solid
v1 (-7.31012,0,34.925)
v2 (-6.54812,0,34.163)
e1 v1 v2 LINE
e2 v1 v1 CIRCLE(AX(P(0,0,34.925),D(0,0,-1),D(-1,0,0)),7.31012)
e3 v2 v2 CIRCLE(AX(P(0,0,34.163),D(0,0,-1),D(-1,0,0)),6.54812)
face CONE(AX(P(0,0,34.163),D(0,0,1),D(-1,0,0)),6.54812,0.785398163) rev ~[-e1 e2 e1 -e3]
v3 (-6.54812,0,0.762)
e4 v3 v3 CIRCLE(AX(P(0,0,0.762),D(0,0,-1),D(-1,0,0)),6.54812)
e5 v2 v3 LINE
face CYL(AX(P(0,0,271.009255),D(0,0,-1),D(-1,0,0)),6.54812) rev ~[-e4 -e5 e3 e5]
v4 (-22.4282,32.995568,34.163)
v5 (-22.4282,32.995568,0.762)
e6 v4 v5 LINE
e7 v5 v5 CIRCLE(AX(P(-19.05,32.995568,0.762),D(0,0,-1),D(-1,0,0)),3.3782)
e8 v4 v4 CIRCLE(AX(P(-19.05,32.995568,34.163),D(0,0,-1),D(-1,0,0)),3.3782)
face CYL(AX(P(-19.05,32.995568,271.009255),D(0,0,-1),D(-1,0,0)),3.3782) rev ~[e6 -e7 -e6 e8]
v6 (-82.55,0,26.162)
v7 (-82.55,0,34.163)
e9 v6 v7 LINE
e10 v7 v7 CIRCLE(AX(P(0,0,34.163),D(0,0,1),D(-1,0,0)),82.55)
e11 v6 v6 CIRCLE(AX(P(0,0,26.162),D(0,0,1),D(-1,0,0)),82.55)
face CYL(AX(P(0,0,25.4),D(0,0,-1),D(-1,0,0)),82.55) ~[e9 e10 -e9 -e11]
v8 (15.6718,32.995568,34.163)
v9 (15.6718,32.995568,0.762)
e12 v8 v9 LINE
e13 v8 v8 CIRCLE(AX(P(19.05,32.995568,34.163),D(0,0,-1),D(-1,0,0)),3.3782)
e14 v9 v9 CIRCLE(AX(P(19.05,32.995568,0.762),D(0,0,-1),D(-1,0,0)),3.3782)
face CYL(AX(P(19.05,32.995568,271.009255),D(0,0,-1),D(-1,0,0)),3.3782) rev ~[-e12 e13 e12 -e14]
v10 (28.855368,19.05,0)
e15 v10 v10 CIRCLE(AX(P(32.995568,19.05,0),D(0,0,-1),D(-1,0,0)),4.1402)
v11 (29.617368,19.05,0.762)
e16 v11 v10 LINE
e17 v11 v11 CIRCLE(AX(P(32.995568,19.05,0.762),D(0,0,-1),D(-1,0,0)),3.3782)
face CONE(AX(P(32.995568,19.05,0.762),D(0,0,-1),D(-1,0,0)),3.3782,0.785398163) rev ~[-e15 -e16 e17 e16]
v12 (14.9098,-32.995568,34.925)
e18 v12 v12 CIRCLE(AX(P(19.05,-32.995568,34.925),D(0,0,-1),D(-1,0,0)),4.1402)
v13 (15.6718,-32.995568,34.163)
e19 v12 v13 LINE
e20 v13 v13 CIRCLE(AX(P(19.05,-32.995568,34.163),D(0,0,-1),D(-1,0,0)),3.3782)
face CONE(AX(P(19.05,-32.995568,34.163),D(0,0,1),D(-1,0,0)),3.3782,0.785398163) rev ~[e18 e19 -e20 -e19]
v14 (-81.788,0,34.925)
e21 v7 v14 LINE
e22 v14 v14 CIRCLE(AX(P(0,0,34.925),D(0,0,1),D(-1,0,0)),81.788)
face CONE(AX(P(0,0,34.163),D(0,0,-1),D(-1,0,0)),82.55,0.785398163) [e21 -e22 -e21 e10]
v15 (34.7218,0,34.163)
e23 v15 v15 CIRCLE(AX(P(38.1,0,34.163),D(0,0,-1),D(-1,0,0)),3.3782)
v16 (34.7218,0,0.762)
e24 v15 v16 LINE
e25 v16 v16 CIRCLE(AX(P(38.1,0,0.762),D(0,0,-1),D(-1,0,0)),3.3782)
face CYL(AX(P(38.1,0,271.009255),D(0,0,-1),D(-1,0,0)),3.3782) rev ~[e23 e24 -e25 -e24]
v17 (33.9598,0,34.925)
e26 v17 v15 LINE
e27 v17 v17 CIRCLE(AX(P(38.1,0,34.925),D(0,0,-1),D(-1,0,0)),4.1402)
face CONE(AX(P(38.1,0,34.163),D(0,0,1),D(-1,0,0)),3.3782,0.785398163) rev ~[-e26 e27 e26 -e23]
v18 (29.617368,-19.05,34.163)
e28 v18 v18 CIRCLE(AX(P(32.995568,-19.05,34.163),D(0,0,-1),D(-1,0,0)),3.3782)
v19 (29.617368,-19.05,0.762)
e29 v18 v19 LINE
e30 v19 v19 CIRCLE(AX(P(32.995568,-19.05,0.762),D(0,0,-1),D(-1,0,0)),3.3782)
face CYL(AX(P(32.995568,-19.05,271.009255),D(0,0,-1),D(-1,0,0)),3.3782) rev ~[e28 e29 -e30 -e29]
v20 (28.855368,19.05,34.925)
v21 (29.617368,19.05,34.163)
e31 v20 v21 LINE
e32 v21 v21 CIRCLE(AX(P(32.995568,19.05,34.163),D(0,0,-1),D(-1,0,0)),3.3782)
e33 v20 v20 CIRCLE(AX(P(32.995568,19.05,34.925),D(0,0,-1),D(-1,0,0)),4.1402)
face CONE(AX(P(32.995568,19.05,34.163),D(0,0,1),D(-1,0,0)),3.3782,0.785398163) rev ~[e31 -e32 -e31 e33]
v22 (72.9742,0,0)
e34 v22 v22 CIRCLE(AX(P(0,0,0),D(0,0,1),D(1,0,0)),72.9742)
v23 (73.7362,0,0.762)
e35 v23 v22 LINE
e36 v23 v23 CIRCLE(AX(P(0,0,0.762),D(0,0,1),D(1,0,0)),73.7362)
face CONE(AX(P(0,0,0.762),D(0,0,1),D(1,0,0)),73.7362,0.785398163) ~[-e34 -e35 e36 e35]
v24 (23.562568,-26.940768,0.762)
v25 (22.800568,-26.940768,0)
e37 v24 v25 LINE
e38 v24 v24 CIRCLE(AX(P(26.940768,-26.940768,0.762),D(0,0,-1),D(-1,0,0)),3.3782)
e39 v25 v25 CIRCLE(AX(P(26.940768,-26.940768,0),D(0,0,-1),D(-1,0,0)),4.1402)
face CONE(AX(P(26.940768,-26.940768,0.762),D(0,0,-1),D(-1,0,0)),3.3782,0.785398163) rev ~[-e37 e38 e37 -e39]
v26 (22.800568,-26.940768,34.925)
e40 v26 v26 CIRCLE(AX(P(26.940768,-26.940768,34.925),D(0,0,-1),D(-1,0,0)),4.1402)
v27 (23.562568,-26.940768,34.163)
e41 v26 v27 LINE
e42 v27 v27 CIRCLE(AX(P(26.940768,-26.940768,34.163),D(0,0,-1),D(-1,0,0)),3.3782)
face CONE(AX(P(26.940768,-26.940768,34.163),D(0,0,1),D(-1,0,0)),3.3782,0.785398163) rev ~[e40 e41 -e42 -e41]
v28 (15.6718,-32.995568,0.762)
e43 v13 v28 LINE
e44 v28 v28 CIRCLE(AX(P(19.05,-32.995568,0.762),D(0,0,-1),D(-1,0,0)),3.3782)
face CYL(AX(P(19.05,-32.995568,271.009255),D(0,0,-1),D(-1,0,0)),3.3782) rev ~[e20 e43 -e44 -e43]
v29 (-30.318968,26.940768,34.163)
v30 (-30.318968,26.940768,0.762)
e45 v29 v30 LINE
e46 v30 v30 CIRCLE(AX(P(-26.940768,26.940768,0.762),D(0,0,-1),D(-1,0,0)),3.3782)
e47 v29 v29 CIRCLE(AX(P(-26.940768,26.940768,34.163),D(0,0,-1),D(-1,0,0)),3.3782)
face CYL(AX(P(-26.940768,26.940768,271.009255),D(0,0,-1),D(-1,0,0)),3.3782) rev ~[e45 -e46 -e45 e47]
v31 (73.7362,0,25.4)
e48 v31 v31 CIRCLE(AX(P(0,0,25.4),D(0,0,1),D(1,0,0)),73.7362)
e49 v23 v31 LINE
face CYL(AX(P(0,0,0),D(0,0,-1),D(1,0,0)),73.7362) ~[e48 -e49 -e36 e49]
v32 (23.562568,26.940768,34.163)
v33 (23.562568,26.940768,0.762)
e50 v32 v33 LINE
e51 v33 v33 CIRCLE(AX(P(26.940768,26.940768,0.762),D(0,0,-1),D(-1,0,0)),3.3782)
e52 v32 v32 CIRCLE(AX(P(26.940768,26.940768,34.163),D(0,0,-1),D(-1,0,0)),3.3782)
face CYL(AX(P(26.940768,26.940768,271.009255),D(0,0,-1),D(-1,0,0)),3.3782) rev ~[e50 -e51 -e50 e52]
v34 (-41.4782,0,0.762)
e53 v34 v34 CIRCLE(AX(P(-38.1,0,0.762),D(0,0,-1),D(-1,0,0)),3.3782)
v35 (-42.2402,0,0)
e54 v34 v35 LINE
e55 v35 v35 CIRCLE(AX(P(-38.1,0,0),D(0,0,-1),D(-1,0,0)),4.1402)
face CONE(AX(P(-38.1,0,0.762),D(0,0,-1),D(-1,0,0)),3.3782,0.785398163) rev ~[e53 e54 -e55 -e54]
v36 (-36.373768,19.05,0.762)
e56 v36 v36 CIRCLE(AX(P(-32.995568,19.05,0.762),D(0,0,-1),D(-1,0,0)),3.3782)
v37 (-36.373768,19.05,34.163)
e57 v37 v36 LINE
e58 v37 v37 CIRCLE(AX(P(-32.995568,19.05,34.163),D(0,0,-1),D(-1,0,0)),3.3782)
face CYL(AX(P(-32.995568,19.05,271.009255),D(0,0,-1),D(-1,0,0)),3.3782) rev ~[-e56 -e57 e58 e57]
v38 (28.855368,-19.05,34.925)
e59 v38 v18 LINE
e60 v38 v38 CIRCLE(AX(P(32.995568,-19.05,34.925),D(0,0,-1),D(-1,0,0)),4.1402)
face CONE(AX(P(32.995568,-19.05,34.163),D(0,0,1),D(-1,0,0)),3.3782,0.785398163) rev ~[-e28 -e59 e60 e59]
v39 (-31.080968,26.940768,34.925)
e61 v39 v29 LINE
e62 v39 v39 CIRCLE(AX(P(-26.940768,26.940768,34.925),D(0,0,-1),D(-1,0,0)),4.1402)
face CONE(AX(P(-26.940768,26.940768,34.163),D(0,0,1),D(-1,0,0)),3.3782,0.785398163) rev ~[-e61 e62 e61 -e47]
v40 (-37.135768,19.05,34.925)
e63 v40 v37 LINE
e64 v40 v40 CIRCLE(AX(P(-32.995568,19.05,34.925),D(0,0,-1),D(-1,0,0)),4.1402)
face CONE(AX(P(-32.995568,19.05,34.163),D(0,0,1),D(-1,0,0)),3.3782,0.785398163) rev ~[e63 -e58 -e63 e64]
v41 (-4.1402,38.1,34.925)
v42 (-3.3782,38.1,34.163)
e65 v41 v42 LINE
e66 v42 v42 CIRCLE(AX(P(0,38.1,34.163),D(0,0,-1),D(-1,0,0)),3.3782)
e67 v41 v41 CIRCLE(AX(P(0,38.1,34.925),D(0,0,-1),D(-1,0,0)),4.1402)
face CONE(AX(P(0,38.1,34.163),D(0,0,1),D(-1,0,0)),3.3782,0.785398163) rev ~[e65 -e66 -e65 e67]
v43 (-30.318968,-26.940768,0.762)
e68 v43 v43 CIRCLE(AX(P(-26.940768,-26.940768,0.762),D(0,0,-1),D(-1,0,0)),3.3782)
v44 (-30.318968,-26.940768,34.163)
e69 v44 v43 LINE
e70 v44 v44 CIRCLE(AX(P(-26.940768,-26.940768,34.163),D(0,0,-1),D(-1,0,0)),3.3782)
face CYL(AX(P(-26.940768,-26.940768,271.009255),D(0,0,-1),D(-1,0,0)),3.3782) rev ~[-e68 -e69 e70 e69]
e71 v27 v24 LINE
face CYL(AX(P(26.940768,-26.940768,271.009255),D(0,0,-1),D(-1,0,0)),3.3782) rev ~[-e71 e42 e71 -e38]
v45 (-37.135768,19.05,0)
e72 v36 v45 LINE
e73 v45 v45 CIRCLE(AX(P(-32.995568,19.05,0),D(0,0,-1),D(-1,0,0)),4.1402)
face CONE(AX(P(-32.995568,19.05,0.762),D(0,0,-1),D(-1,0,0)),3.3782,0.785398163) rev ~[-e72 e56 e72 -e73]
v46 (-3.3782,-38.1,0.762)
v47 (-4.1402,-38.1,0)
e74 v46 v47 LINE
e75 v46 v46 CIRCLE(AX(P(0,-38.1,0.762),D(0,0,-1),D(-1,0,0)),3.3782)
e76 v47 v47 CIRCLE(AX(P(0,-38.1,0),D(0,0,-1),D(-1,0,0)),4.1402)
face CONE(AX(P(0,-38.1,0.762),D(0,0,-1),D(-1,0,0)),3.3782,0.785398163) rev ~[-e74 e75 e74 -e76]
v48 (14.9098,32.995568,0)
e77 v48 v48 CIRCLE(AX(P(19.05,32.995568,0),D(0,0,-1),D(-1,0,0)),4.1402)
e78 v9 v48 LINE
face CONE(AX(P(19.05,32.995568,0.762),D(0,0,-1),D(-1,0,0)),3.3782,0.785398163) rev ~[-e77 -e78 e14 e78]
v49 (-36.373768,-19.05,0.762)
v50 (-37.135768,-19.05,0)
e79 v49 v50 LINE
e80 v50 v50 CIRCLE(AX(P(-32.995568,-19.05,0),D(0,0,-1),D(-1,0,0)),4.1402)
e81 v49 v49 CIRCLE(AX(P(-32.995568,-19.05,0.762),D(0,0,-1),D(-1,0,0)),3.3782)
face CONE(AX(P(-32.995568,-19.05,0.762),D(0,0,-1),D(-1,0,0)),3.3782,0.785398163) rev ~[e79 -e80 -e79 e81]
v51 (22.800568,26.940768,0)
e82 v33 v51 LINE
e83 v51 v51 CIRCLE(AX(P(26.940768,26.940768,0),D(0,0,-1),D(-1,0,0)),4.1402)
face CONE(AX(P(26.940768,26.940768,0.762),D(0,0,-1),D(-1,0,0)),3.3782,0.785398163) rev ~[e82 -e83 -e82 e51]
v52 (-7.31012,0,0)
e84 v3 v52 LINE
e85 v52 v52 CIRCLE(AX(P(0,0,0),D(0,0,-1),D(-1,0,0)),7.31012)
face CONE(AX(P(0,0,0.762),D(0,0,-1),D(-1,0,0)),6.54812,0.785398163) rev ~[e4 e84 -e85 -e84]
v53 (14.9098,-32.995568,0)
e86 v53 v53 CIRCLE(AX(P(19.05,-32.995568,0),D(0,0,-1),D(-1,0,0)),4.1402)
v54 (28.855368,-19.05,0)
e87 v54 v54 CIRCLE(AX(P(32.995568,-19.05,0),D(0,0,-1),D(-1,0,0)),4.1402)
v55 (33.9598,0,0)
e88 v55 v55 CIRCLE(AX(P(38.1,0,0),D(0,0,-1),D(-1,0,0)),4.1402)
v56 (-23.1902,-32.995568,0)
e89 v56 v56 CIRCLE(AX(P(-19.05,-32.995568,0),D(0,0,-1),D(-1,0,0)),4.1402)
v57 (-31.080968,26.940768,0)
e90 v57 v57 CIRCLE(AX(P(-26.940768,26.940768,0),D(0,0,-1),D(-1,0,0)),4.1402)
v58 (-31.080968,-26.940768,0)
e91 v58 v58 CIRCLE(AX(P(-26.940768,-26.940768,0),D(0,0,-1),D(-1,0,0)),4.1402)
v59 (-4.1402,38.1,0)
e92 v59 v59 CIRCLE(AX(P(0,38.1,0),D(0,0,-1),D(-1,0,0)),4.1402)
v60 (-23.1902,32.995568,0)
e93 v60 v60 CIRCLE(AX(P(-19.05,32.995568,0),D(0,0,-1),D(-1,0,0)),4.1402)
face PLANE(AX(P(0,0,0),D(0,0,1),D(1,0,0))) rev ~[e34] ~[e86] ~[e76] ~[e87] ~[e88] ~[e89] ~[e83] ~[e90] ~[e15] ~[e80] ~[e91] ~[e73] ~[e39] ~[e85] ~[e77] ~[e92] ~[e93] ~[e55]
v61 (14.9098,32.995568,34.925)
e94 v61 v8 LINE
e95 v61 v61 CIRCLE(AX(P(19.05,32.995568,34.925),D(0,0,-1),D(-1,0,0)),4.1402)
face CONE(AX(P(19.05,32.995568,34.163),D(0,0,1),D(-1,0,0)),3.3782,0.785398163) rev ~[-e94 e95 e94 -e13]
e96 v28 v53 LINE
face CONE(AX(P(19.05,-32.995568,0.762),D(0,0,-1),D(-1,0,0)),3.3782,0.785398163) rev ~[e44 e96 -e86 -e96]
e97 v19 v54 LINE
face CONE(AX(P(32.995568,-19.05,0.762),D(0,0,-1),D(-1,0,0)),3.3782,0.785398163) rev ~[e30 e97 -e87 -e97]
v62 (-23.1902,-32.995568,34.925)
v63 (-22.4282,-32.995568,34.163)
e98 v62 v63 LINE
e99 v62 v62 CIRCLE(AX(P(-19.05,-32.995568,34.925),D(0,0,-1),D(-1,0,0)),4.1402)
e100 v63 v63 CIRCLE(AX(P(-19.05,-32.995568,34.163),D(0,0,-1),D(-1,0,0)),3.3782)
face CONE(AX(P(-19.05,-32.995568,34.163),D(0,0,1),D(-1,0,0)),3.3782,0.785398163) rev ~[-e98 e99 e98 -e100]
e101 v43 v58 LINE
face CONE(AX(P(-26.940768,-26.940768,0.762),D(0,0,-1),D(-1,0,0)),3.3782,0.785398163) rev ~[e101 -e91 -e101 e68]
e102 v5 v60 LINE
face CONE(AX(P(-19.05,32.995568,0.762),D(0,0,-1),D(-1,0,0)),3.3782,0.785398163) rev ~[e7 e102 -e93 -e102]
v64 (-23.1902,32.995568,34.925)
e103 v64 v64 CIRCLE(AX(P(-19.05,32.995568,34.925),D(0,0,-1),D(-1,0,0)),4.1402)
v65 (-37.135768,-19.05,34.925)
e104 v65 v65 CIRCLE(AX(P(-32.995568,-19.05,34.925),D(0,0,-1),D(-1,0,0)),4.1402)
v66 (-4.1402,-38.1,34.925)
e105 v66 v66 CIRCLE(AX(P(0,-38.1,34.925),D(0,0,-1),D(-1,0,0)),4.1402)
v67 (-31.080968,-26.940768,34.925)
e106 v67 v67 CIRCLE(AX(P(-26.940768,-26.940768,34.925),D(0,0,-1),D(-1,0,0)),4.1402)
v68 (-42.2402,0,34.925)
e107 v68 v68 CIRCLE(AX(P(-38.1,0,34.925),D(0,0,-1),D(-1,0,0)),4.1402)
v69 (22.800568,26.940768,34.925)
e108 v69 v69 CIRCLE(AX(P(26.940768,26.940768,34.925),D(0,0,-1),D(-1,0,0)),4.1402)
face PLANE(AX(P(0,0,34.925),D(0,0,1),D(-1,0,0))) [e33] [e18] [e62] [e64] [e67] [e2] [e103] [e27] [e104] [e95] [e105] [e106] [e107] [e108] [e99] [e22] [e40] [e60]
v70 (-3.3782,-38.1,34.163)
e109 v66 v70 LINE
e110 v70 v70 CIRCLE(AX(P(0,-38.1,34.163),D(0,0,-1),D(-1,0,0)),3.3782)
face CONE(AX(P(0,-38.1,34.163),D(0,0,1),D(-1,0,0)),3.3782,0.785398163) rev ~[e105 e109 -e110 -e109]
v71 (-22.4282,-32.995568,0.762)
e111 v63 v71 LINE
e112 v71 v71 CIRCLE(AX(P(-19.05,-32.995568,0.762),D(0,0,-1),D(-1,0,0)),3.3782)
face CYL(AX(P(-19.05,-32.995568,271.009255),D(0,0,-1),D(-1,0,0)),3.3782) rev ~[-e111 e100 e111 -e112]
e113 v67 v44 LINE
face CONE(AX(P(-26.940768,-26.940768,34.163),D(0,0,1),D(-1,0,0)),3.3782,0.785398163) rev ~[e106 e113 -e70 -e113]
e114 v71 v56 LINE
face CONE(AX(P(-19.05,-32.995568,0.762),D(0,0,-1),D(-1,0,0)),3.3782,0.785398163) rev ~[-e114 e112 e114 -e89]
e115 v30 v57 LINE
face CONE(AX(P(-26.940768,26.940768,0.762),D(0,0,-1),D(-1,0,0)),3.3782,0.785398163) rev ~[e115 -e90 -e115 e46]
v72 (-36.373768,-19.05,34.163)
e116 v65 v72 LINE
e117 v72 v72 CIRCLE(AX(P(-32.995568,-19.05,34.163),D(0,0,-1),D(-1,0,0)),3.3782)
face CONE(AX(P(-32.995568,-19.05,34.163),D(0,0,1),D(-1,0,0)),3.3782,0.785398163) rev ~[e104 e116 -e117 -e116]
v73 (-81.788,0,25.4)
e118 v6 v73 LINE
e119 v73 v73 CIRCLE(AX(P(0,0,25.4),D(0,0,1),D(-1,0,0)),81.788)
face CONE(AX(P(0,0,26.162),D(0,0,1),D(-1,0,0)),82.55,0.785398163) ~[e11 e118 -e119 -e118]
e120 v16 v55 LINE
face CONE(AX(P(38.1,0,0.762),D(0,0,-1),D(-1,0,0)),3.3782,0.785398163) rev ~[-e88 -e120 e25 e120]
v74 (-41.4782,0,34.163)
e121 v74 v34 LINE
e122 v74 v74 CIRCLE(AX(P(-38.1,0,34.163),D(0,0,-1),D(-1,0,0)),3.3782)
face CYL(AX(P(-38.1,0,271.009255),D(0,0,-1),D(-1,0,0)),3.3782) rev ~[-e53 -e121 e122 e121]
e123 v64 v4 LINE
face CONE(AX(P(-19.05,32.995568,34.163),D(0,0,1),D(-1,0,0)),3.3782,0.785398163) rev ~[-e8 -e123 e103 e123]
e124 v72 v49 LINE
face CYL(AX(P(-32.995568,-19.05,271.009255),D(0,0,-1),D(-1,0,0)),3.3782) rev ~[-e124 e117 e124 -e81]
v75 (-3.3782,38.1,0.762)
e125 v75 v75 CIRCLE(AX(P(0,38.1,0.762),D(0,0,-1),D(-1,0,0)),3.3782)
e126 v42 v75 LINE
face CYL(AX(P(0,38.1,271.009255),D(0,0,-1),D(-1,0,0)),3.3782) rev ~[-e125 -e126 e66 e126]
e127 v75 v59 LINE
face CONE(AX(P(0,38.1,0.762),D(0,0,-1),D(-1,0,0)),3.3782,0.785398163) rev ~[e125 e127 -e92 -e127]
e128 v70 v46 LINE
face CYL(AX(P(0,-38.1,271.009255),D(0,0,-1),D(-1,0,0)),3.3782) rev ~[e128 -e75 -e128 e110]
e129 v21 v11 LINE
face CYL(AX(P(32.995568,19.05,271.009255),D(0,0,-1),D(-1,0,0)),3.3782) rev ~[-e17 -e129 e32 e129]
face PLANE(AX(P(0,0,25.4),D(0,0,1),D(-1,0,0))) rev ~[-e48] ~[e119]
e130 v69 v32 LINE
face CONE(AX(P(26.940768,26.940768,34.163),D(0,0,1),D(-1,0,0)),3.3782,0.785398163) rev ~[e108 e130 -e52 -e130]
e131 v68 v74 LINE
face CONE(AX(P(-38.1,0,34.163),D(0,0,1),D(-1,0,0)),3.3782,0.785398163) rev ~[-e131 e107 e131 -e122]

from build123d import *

# Parameters (mm, degrees)
SKETCH1_R               = 73.7362
MAIN_DEPTH              = 25.4
SKETCH2_R               = 82.55
SHOULDER_DEPTH          = 9.525
F_1_4_CLEARANCE_HOLE1_D = 6.7564
F_1_2_CLEARANCE_HOLE1_D = 13.09624
CHAMFER1_SIZE           = 0.762


with BuildPart() as part:
    # Sketch1 → Main (new body)
    with BuildSketch(Plane.XY):
        Circle(SKETCH1_R)
    extrude(amount=MAIN_DEPTH)

    # Sketch2 → Shoulder (add)
    with BuildSketch(Plane.XY.offset(25.4)):
        with Locations(Location((0, 0, 0), (0, 0, 180))):
            Circle(SKETCH2_R)
    extrude(amount=SHOULDER_DEPTH)

    # 1/4 Clearance Hole1 (through all)
    with Locations(Plane.XY.offset(34.925)):
        with Locations((26.940768363, 26.940768363), (0, 38.1), (38.1, 0), (0, -38.1), (-38.1, 0), (26.940768363, -26.940768363), (-26.940768363, -26.940768363), (-26.940768363, 26.940768363), (-19.05, 32.995567884), (19.05, 32.995567884), (32.995567884, 19.05), (-32.995567884, 19.05), (-32.995567884, -19.05), (-19.05, -32.995567884), (19.05, -32.995567884), (32.995567884, -19.05)):
            Hole(F_1_4_CLEARANCE_HOLE1_D / 2)

    # 1/2 Clearance Hole1 (through all)
    with Locations(Plane.XY.offset(34.925)):
        with Locations((0, 0), (124.453596133, 85.444632909)):
            Hole(F_1_2_CLEARANCE_HOLE1_D / 2)

    # Chamfer1
    chamfer1_edges = [part.edges().sort_by_distance(p)[0] for p in [
        (30.318968363, -26.940768363, 0),
        (-34.7218, 0, 34.925),
        (-34.7218, 0, 0),
        (3.3782, -38.1, 34.925),
        (3.3782, -38.1, 0),
        (41.4782, 0, 34.925),
        (41.4782, 0, 0),
        (3.3782, 38.1, 34.925),
        (3.3782, 38.1, 0),
        (6.54812, 0, 34.925),
        (6.54812, 0, 0),
        (-73.7362, 0, 0),
        (30.318968363, 26.940768363, 34.925),
        (30.318968363, 26.940768363, 0),
        (36.373767884, -19.05, 34.925),
        (36.373767884, -19.05, 0),
        (22.4282, -32.995567884, 34.925),
        (22.4282, -32.995567884, 0),
        (-15.6718, -32.995567884, 34.925),
        (-15.6718, -32.995567884, 0),
        (-29.617367884, -19.05, 34.925),
        (-29.617367884, -19.05, 0),
        (-29.617367884, 19.05, 34.925),
        (-29.617367884, 19.05, 0),
        (82.55, 0, 25.4),
        (82.55, 0, 34.925),
        (36.373767884, 19.05, 34.925),
        (36.373767884, 19.05, 0),
        (22.4282, 32.995567884, 34.925),
        (22.4282, 32.995567884, 0),
        (-15.6718, 32.995567884, 34.925),
        (-15.6718, 32.995567884, 0),
        (-23.562568363, 26.940768363, 34.925),
        (-23.562568363, 26.940768363, 0),
        (-23.562568363, -26.940768363, 34.925),
        (-23.562568363, -26.940768363, 0),
        (30.318968363, -26.940768363, 34.925),
    ]]
    chamfer(chamfer1_edges, length=CHAMFER1_SIZE)


solid = part.part
